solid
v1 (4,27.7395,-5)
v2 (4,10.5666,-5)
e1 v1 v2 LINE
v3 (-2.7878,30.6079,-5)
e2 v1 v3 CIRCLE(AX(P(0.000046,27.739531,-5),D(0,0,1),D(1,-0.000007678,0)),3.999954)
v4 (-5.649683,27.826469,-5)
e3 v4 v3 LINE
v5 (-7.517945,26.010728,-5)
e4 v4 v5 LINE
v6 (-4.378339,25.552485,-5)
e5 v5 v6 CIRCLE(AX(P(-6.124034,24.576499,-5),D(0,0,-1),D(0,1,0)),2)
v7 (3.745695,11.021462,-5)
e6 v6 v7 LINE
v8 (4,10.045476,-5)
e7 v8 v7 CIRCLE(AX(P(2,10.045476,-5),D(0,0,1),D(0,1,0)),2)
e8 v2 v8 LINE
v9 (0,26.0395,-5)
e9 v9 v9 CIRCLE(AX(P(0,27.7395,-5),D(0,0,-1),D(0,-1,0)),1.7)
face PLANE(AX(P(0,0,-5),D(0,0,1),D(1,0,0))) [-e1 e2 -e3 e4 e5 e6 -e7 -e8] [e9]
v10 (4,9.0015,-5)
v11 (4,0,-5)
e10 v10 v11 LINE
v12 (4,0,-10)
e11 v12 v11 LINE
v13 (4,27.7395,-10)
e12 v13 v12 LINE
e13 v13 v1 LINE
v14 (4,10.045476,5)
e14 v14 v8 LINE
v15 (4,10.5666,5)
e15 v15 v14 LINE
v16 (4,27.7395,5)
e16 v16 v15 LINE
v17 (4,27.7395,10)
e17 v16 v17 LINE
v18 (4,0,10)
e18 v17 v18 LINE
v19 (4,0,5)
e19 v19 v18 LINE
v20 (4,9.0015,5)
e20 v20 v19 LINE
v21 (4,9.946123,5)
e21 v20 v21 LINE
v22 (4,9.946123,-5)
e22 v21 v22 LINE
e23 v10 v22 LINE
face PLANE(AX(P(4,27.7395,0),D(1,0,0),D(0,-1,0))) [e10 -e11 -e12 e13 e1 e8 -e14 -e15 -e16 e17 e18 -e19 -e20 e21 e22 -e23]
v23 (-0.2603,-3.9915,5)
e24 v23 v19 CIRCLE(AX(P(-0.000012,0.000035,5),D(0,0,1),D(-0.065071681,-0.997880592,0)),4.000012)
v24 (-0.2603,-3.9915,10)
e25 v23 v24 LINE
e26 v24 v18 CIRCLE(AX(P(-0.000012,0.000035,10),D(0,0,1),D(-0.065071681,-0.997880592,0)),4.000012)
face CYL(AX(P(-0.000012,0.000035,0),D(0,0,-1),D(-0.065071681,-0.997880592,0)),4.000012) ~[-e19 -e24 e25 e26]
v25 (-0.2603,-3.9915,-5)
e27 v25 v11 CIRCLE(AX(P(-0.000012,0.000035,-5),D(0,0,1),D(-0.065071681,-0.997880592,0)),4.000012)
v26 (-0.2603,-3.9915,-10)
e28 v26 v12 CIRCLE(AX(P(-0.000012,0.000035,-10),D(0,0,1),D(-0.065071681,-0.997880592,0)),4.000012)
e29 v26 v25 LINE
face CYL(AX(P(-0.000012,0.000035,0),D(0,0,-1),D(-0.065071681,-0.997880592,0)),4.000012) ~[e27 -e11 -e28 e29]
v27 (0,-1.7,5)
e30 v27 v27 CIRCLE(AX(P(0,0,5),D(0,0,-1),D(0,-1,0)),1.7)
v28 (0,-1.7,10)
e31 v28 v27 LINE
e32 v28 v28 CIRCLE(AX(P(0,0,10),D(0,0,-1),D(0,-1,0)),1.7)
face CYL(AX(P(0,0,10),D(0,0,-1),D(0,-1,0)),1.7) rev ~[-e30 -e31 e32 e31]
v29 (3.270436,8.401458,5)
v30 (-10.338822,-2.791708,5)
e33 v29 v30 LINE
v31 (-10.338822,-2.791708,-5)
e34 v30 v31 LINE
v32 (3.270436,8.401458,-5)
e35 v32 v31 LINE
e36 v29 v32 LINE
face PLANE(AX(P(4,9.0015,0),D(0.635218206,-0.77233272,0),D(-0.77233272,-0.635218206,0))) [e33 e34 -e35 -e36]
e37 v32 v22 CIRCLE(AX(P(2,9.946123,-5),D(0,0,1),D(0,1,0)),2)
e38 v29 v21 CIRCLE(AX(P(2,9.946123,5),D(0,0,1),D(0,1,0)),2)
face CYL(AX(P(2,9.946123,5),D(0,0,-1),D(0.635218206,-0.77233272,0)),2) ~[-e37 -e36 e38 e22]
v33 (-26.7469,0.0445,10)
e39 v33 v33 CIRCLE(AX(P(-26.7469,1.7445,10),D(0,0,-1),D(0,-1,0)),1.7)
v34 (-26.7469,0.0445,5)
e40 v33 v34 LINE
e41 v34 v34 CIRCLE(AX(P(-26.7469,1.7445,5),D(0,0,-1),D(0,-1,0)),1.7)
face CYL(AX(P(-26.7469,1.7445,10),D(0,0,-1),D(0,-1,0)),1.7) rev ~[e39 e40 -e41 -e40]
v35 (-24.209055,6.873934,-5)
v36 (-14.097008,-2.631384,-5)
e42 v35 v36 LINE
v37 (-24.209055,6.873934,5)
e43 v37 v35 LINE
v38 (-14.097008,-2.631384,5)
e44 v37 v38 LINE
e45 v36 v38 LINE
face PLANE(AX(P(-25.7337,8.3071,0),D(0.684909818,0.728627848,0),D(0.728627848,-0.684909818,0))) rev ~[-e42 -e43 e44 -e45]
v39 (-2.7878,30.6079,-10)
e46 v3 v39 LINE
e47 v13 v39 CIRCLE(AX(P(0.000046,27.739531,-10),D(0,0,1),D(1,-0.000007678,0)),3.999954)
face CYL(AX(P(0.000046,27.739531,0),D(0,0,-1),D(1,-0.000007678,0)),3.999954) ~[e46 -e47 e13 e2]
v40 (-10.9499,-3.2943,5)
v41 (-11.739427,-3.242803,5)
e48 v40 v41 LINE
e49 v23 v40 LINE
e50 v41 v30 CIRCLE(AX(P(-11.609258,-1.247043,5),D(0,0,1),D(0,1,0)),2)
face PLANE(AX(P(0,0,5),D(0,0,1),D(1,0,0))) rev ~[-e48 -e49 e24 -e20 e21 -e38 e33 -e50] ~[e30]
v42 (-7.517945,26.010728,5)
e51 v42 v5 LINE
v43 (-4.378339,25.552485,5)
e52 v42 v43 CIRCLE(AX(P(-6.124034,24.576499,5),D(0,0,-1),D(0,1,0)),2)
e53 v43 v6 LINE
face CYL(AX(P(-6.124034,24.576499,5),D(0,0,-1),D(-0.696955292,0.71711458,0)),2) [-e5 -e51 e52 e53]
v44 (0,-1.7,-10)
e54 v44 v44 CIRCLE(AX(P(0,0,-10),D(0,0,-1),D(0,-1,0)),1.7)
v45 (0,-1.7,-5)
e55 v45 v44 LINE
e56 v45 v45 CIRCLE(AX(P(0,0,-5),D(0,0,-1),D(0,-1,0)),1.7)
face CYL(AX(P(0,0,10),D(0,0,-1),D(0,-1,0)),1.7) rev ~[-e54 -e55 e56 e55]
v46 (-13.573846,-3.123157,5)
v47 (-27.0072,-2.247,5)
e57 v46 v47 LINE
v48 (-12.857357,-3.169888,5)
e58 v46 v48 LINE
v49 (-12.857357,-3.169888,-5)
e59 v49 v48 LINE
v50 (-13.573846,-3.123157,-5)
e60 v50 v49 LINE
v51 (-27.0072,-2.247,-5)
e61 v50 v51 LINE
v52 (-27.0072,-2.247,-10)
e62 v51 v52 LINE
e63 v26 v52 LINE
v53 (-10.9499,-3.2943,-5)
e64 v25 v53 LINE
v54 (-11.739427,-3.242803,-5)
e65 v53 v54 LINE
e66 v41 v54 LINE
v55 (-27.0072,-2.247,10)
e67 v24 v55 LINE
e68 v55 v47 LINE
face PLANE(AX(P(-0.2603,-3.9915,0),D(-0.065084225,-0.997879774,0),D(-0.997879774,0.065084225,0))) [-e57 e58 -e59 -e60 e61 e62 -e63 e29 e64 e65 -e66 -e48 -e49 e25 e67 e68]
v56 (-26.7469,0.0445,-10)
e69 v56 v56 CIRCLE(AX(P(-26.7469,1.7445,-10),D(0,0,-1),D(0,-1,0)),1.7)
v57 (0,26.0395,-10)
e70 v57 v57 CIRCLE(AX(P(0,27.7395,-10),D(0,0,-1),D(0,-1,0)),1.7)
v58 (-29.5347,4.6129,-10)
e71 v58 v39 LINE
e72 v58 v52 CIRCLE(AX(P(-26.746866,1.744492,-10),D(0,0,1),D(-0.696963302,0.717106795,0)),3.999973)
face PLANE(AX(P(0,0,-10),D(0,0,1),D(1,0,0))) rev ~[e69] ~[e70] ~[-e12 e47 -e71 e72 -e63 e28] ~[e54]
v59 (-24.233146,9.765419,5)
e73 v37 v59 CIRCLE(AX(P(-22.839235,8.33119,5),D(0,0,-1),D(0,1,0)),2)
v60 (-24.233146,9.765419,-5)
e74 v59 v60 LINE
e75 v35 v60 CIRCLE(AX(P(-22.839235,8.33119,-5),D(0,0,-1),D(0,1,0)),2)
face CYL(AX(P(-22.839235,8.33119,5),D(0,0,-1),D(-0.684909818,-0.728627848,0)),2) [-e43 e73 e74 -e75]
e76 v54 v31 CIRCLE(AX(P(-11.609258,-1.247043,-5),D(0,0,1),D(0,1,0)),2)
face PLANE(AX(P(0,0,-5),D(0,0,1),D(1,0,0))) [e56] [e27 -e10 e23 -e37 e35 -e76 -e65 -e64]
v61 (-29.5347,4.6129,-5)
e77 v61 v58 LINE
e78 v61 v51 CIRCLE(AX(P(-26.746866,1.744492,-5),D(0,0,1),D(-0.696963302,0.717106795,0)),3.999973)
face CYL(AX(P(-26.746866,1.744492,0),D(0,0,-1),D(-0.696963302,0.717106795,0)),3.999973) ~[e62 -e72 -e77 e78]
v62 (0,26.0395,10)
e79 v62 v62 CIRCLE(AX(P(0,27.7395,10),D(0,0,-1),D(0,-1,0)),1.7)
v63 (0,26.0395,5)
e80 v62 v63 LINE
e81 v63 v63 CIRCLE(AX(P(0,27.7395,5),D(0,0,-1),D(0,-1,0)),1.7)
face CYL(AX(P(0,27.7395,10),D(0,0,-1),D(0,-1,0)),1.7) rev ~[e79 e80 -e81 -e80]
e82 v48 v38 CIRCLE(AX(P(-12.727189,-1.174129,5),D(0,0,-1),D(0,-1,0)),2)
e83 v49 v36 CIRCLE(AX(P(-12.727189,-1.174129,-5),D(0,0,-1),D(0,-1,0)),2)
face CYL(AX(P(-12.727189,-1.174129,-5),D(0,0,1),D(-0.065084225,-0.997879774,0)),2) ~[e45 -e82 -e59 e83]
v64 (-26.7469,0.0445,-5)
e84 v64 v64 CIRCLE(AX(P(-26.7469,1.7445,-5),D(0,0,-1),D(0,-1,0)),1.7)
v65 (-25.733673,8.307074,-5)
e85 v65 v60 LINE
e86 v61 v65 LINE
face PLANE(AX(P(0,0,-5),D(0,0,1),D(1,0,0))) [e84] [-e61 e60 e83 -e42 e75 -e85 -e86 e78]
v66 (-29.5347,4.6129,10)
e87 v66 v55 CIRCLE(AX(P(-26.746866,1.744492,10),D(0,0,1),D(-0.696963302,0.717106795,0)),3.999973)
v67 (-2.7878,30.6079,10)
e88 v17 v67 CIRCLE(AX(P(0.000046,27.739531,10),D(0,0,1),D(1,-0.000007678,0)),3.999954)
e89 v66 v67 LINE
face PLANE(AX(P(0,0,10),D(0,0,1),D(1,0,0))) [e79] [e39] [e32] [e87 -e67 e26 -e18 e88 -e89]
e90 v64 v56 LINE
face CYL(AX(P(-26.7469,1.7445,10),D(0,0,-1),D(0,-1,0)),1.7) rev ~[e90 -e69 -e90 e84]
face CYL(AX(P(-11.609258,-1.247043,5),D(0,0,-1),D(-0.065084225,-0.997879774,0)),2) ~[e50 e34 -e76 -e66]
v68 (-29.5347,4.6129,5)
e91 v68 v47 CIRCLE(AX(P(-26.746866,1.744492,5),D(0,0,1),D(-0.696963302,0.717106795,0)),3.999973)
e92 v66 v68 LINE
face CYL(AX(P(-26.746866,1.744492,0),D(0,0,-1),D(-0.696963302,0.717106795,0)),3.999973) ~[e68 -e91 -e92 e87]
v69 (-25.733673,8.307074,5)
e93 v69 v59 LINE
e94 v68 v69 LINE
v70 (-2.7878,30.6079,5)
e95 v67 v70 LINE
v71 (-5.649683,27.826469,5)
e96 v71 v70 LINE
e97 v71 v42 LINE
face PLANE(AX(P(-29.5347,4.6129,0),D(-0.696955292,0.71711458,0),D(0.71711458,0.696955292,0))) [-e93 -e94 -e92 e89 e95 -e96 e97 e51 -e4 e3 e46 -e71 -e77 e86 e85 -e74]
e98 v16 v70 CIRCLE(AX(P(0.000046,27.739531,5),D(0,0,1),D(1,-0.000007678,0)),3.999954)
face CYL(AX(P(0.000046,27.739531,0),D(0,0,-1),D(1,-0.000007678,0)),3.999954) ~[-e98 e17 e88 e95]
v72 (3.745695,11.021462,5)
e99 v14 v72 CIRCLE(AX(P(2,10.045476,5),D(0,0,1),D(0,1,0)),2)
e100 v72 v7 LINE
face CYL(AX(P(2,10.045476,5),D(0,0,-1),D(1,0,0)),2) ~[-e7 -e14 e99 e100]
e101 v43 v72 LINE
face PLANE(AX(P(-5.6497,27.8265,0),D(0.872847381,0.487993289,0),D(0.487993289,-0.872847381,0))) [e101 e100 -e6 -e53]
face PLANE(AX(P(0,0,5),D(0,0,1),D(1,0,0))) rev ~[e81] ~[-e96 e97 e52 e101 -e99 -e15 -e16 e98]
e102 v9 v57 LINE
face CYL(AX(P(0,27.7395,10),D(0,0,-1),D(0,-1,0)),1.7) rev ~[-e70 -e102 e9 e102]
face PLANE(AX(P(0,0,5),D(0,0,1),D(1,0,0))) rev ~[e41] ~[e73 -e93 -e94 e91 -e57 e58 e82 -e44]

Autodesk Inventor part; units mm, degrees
ref_plane "YZ Plane" through (0, 0, 0) normal (1, 0, 0) x (0, 1, 0)
ref_plane "XZ Plane" through (0, 0, 0) normal (0, 1, 0) x (-1, 0, 0)
ref_plane "XY Plane" through (0, 0, 0) normal (0, 0, 1) x (1, 0, 0)
sketch "Sketch1" plane through (0, 0, 0) normal (0, 0, 1) x (1, 0, 0)
  line L0 (0, 0) -> (-26.7469, 1.7445) construction
  line L1 (-26.7469, 1.7445) -> (0, 27.7395) construction
  line L2 (0, 27.7395) -> (0, 0) construction
  line L3 (-0.2603, -3.9915) -> (-27.0072, -2.247)
  line L4 (-29.5347, 4.6129) -> (-2.7878, 30.6079)
  line L5 (4, 27.7395) -> (4, 0)
  arc A0 (4, 27.7395) -> (-2.7878, 30.6079) centre (0, 27.7395) ccw
  arc A1 (-29.5347, 4.6129) -> (-27.0072, -2.247) centre (-26.7469, 1.7445) ccw
  arc A2 (-0.2603, -3.9915) -> (4, 0) centre (0, 0) ccw
  dimension "d6" = 37.2979
  dimension "d14" = 27.7395
  dimension "d15" = 26.8037
  dimension "d18" = 4
extrude "Extrusion1" add sketch "Sketch1" along normal mid plane 20
sketch "Sketch2" plane through (0, 0, 0) normal (0, 0, 1) x (1, 0, 0)
  arc A0 (4, 27.7395) -> (-2.7878, 30.6079) centre (0, 27.7395) ccw
  line L0 (-29.5347, 4.6129) -> (-25.7337, 8.3071)
  arc A1 (-29.5347, 4.6129) -> (-27.0072, -2.247) centre (-26.7469, 1.7445) ccw
  line L1 (-0.2603, -3.9915) -> (-10.9499, -3.2943)
  arc A2 (-0.2603, -3.9915) -> (4, 0) centre (0, 0) ccw
  line L2 (4, 27.7395) -> (4, 10.5666)
  line L3 (-25.7337, 8.3071) -> (-13.5738, -3.1232)
  line L4 (-25.7337, 8.3071) -> (-5.6497, 27.8265) construction
  line L5 (-13.5738, -3.1232) -> (-27.0072, -2.247)
  line L6 (-5.6497, 27.8265) -> (4, 10.5666)
  line L7 (4, 9.0015) -> (-10.9499, -3.2943)
  line L8 (4, 10.5666) -> (4, 9.0015) construction
  line L9 (4, 9.0015) -> (4, 0)
  line L10 (-10.9499, -3.2943) -> (-13.5738, -3.1232) construction
  line L11 (-5.6497, 27.8265) -> (-2.7878, 30.6079)
  arc A3 (-0.2603, -3.9915) -> (4, 0) centre (0, 0) ccw projected
  point P0 (0, 0)
extrude "Extrusion2" cut sketch "Sketch2" along normal mid plane 10
sketch "Sketch3" plane through (0, 0, 10) normal (0, 0, 1) x (1, 0, 0)
  arc A0 (4, 27.7395) -> (-2.7878, 30.6079) centre (0, 27.7395) ccw construction
  arc A1 (-29.5347, 4.6129) -> (-27.0072, -2.247) centre (-26.7469, 1.7445) ccw construction
  arc A2 (-0.2603, -3.9915) -> (4, 0) centre (0, 0) ccw construction
hole "Hole1" at (-26.7469, 1.7445, 10) at (0, 0, 10) at (0, 27.7395, 10) direction (0, 0, -1) diameter 3.4 end through all clearance for "Socket Head Cap Screw" size "M3" standard "Ansi Metric M Profile"
fillet "Fillet1" radius 2 6 edges at (-13.5738, -3.1232, 0) (-10.9499, -3.2943, 0) (-25.7337, 8.3071, 0) (-5.6497, 27.8265, 0) (4, 10.5666, 0) (4, 9.0015, 0)
equation "\"d6\" = LengthE"
equation "\"d14\" = LengthB"
equation "\"d15\" = LengthD"
equation "\"ScaleFactor\" = 1"
equation "\"LengthA\" = 25.4 * ScaleFactor"
equation "\"LengthB\" = 27.7395 * ScaleFactor"
equation "\"LengthC\" = 26.269 * ScaleFactor"
equation "\"LengthD\" = 26.8037 * ScaleFactor"
equation "\"LengthE\" = 37.2979 * ScaleFactor"
equation "\"LengthF\" = 26.3358 * ScaleFactor"
equation "\"LengthG\" = 24.531 * ScaleFactor"
equation "\"LengthH\" = 43.9153 * ScaleFactor"
equation "\"LengthI\" = 32.7525 * ScaleFactor"
equation "\"LengthJ\" = 33.421 * ScaleFactor"
equation "\"LengthK\" = 38.1 * ScaleFactor"
equation "\"LengthL\" = 5.21368 * ScaleFactor"
equation "\"LengthM\" = 10.0263 * ScaleFactor"
equation "\"d0\" = LengthA"
equation "\"d1\" = LengthJ"
equation "\"d2\" = LengthM"
equation "\"d3\" = LengthL"
equation "\"d4\" = LengthB"
equation "\"d5\" = LengthC"
equation "\"d7\" = LengthD"
equation "\"d8\" = LengthE"
equation "\"d9\" = LengthF"
equation "\"d10\" = LengthG"
equation "\"d11\" = LengthH"
equation "\"d12\" = LengthI"
equation "\"d13\" = LengthK"
